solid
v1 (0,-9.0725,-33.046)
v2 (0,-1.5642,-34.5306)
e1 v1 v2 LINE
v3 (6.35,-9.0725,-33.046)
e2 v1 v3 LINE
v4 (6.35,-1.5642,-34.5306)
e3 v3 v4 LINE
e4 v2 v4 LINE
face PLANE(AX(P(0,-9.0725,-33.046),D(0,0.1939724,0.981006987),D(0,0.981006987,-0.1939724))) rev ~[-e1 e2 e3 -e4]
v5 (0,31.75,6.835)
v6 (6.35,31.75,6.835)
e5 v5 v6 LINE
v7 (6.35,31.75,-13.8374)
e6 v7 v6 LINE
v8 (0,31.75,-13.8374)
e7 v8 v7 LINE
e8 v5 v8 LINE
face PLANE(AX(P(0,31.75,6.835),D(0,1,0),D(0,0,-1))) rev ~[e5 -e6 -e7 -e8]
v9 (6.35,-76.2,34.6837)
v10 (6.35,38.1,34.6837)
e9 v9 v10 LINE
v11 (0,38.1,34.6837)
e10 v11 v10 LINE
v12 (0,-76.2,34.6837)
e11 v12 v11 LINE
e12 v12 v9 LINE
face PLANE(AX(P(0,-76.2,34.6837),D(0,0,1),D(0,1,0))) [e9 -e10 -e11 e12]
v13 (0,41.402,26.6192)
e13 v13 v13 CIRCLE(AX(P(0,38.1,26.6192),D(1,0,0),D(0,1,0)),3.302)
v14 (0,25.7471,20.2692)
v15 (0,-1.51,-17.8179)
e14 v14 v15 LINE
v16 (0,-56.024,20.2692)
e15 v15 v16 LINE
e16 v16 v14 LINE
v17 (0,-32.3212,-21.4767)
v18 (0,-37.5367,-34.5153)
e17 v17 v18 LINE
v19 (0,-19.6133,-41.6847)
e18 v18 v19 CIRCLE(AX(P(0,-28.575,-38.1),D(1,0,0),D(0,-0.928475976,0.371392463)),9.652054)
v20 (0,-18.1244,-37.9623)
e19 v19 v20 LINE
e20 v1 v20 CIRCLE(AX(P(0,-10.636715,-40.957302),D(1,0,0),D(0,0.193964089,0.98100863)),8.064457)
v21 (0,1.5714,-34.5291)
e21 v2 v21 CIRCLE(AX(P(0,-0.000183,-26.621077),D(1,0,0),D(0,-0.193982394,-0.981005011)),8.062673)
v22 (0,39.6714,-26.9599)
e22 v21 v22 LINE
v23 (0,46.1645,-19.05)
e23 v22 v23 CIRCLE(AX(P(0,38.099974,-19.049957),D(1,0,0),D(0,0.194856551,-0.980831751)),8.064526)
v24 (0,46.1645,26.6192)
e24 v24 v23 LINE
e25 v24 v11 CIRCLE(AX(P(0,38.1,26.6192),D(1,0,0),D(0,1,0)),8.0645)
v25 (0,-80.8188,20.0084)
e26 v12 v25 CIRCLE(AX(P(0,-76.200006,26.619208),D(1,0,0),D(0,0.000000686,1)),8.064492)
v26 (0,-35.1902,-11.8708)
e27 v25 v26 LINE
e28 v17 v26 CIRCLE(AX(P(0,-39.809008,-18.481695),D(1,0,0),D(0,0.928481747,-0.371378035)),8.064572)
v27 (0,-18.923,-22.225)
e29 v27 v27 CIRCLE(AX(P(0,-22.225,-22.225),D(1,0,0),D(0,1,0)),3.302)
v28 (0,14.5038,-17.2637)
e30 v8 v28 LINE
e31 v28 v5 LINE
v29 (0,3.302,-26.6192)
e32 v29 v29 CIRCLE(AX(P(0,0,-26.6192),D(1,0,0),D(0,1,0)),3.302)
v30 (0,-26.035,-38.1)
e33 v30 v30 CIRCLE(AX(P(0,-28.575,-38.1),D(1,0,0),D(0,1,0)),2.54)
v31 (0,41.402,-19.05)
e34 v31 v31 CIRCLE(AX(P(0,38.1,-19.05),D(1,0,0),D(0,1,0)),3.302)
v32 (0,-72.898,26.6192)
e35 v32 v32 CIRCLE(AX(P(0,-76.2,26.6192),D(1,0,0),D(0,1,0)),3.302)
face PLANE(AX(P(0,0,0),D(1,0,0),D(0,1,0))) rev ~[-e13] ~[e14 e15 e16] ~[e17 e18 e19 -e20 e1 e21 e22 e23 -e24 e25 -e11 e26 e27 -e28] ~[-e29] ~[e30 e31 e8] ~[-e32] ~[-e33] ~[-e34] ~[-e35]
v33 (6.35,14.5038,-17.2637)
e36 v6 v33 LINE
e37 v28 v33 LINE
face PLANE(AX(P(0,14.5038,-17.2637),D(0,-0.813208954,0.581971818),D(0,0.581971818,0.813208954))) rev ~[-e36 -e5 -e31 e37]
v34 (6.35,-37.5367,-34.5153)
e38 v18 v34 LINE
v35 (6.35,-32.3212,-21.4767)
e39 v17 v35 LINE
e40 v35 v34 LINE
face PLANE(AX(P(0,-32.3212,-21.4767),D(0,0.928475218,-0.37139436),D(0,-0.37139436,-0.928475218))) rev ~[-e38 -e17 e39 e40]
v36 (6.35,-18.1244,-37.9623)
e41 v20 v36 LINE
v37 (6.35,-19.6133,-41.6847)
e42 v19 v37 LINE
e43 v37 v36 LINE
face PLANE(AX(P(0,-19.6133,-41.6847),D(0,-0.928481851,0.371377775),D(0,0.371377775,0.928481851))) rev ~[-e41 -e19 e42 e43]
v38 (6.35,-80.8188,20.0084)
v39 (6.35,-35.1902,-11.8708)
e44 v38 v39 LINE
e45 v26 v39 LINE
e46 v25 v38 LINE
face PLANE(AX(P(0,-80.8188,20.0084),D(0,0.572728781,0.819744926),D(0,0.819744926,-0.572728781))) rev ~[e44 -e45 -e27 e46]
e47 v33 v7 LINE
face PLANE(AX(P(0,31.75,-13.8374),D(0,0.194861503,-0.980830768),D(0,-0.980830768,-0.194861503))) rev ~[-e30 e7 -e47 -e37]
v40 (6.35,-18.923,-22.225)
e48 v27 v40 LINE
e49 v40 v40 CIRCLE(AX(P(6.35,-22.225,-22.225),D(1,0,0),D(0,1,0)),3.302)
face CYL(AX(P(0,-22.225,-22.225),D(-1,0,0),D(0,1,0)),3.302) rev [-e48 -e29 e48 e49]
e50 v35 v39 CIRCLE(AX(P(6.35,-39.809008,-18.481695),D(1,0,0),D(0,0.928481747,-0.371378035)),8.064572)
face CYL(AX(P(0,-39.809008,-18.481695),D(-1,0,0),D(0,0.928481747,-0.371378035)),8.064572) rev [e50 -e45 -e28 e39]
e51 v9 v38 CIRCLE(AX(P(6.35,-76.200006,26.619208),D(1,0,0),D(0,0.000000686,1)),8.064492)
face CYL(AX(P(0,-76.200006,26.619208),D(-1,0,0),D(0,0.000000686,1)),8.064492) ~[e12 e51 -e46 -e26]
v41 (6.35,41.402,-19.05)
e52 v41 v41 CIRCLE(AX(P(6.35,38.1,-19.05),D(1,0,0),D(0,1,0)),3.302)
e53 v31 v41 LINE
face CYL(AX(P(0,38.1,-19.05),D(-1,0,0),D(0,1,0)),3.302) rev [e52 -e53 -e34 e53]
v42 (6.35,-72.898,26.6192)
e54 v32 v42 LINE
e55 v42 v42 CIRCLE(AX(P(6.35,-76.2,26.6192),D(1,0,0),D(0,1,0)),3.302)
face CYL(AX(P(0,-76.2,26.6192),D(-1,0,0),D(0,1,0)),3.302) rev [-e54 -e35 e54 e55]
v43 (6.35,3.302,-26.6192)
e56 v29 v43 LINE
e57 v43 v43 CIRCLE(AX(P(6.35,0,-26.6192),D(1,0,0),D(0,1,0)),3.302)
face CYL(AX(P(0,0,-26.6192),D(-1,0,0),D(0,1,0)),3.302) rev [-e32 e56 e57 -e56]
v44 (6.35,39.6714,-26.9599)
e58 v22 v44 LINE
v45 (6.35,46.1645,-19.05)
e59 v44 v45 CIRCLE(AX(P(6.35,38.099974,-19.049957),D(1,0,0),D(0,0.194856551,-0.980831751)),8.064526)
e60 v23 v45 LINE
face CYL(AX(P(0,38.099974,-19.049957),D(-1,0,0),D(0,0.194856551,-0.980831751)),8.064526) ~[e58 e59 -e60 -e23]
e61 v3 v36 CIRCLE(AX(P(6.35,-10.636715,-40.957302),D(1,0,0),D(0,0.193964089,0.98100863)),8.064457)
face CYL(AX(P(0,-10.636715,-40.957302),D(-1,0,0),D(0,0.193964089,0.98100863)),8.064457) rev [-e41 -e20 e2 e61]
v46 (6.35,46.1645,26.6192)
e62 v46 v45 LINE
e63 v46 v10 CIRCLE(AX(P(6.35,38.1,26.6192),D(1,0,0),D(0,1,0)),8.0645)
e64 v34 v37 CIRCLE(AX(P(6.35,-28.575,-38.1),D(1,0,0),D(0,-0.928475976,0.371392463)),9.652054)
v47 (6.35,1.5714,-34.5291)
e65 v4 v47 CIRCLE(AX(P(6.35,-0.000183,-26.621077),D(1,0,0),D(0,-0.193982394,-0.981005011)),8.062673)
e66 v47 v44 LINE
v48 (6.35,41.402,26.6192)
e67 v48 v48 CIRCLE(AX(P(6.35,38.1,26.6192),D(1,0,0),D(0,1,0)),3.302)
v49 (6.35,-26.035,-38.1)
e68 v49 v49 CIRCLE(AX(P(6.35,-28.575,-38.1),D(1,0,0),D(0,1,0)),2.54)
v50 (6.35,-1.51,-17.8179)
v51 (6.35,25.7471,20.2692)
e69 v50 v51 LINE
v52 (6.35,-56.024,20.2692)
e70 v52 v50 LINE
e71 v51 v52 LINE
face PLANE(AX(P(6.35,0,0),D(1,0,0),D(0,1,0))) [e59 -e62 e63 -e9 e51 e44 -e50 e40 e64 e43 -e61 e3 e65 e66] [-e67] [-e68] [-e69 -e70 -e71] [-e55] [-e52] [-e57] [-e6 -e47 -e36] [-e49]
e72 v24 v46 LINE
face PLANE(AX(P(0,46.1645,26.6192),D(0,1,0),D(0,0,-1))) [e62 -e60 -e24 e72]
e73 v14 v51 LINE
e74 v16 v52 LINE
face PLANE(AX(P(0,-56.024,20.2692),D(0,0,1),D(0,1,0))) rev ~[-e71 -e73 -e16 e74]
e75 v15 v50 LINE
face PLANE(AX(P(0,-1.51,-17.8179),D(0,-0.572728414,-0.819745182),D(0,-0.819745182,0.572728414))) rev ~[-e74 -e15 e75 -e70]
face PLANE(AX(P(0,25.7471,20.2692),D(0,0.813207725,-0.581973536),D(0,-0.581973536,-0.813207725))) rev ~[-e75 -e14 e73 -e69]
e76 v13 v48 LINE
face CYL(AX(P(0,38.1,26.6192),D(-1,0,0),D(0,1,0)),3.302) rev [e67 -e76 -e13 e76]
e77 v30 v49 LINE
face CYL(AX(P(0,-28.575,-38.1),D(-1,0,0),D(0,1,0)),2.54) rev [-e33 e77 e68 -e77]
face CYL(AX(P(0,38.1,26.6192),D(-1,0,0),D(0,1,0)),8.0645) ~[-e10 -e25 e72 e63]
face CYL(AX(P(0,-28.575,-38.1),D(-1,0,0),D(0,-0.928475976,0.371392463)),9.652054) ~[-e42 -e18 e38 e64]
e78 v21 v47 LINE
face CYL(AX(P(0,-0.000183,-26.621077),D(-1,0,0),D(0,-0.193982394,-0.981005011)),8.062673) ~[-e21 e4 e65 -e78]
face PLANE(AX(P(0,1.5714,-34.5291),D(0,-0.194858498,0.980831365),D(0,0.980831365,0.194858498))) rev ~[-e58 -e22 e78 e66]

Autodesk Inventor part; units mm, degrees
ref_plane "YZ Plane" through (0, 0, 0) normal (1, 0, 0) x (0, 1, 0)
ref_plane "XZ Plane" through (0, 0, 0) normal (0, 1, 0) x (-1, 0, 0)
ref_plane "XY Plane" through (0, 0, 0) normal (0, 0, 1) x (1, 0, 0)
sketch "Sketch1" plane through (0, 0, 0) normal (1, 0, 0) x (0, 1, 0)
  line L0 (-420.7503, 12.7) -> (420.7488, 12.7) construction
  line L1 (420.7488, 12.7) -> (420.7488, -12.7) construction
  line L2 (420.7488, -12.7) -> (-420.7503, -12.7) construction
  line L3 (-420.7503, -12.7) -> (-420.7503, 12.7) construction
  line L4 (0, 0) -> (0, -26.6192) construction
  circle A0 centre (0, -26.6192) radius 3.302
  circle A1 centre (38.1, 26.6192) radius 3.302
  circle A2 centre (-76.2, 26.6192) radius 3.302
  line L5 (38.1, 26.6192) -> (-76.2, 26.6192) construction
  line L6 (0, 0) -> (0, 26.6192) construction
  circle A3 centre (0, -26.6192) radius 15.875 construction
  circle A4 centre (38.1, 26.6192) radius 15.875 construction
  circle A5 centre (-76.2, 26.6192) radius 15.875 construction
  line L7 (0, -26.6192) -> (-76.2, 26.6192) construction
  arc A6 (46.1645, 26.6192) -> (38.1, 34.6837) centre (38.1, 26.6192) ccw
  arc A7 (-76.2, 34.6837) -> (-80.8188, 20.0084) centre (-76.2, 26.6192) ccw
  line L8 (-84.2645, 10.7442) -> (-84.2645, 26.6192) construction
  line L9 (-76.2, 26.6192) -> (-76.2, 0) construction
  line L10 (38.1, 26.6192) -> (38.1, 0) construction
  line L11 (45.486, 0) -> (-84.2645, 0) construction
  line L12 (-84.2645, 0) -> (-420.7503, 0) construction
  line L13 (0, -26.6192) -> (38.1, 26.6192) construction
  line L14 (0, -26.6192) -> (0, -52.0192) construction
  line L15 (13.9446, -26.6192) -> (-16.4809, -26.6192) construction
  circle A8 centre (38.1, -19.05) radius 3.302
  line L16 (38.1, -19.05) -> (38.1, 0) construction
  arc A9 (39.6714, -26.9599) -> (46.1645, -19.05) centre (38.1, -19.05) ccw
  line L17 (1.5714, -34.5291) -> (39.6714, -26.9599)
  arc A10 (-1.5642, -34.5306) -> (1.5714, -34.5291) centre (0, -26.6192) ccw
  line L18 (-76.2, 34.6837) -> (38.1, 34.6837)
  line L19 (-80.8188, 20.0084) -> (-35.1902, -11.8708)
  line L20 (0, -26.6192) -> (-22.225, -22.225) construction
  line L21 (38.1, -19.05) -> (0, -26.6192) construction
  line L22 (46.1645, 26.6192) -> (46.1645, -19.05)
  arc A11 (-32.3212, -21.4767) -> (-35.1902, -11.8708) centre (-39.8089, -18.4817) ccw
  arc A12 (-37.5367, -34.5153) -> (-19.6133, -41.6847) centre (-28.575, -38.1) ccw
  line L23 (-9.0725, -33.046) -> (-1.5642, -34.5306)
  line L24 (-32.3212, -21.4767) -> (-37.5367, -34.5153)
  line L25 (-22.225, -22.225) -> (-28.575, -38.1) construction
  line L26 (-19.6133, -41.6847) -> (-18.1244, -37.9623)
  arc A13 (-9.0725, -33.046) -> (-18.1244, -37.9623) centre (-10.6367, -40.9574) ccw
  circle A14 centre (-22.225, -22.225) radius 3.302
  circle A15 centre (-28.575, -38.1) radius 2.54
  circle A16 centre (-28.575, -38.1) radius 3.302 construction
  point P0 (0, -42.4942)
  dimension "d3" = 31.75
  dimension "d0" = 25.4
  dimension "d1" = 6.604
  dimension "d2" = 13.9192
  dimension "d4" = 38.1
  dimension "d5" = 76.2
  dimension "d10" = 25.4
  dimension "d14" = 6.35
  dimension "d59" = 4.7625
  dimension "d62" = 22.225
  dimension "d63" = 22.225
  dimension "d66" = 38.1
  dimension "d67" = 5.08
  dimension "d68" = 6.35
  dimension "d69" = 6.35
extrude "Extrusion1" add sketch "Sketch1" along normal blind 6.35
sketch "Sketch5" plane through (0, 0, 0) normal (-1, 0, 0) x (0, 0, 1)
  circle A0 centre (-19.05, 38.1) radius 3.302 construction
  circle A1 centre (26.6192, -76.2) radius 3.302 construction
  circle A2 centre (26.6192, 38.1) radius 3.302 construction
  circle A3 centre (-26.6192, 0) radius 3.302 construction
  arc A4 (34.6837, 38.1) -> (26.6192, 46.1645) centre (26.6192, 38.1) ccw construction
  arc A5 (-19.05, 46.1645) -> (-26.9599, 39.6714) centre (-19.05, 38.1) ccw construction
  line L0 (-26.9599, 39.6714) -> (-34.5291, 1.5714) construction
  arc A6 (-34.5291, 1.5714) -> (-34.5306, -1.5642) centre (-26.6192, 0) ccw construction
  arc A7 (20.0084, -80.8188) -> (34.6837, -76.2) centre (26.6192, -76.2) ccw construction
  line L1 (26.6192, 38.1) -> (-26.6192, 0) construction
  circle A8 centre (26.6192, -76.2) radius 3.302 construction
  line L2 (-26.6192, 0) -> (26.6192, -76.2) construction
  circle A9 centre (26.6192, 38.1) radius 3.302 construction
  line L3 (26.6192, -76.2) -> (26.6192, 38.1) construction
  line L4 (26.6192, 38.1) -> (-19.05, 38.1) construction
  circle A10 centre (-26.6192, 0) radius 3.302 construction
  line L5 (-19.05, 38.1) -> (-26.6192, 0) construction
  line L6 (-13.8374, 31.75) -> (-17.2637, 14.5038)
  line L7 (-17.2637, 14.5038) -> (6.835, 31.75)
  line L8 (6.835, 31.75) -> (-13.8374, 31.75)
  line L9 (-3.5012, 31.75) -> (-3.5012, 38.1) construction
  line L10 (-15.5506, 23.1269) -> (-21.7788, 24.3643) construction
  line L11 (-5.2144, 23.1269) -> (-1.5188, 17.963) construction
  line L12 (20.2692, 25.7471) -> (-17.8179, -1.51)
  line L13 (-17.8179, -1.51) -> (20.2692, -56.024)
  line L14 (20.2692, -56.024) -> (20.2692, 25.7471)
  line L15 (-1.5188, 17.963) -> (2.1767, 12.7992) construction
  line L16 (20.2692, -15.1385) -> (26.6192, -15.1385) construction
  line L17 (1.2256, -28.767) -> (-3.9797, -32.4038) construction
  line L18 (26.6192, 46.1645) -> (-19.05, 46.1645) projected
  arc A11 (-11.8708, -35.1902) -> (-21.4767, -32.3212) centre (-18.4817, -39.8089) ccw projected
  line L19 (-11.8708, -35.1902) -> (20.0084, -80.8188) projected
  line L20 (34.6837, -76.2) -> (34.6837, 38.1) projected
  line L21 (-34.5306, -1.5642) -> (-33.046, -9.0725) projected
  arc A12 (-37.9623, -18.1244) -> (-33.046, -9.0725) centre (-40.9574, -10.6367) ccw projected
  line L22 (-37.9623, -18.1244) -> (-41.6847, -19.6133) projected
  arc A13 (-41.6847, -19.6133) -> (-34.5153, -37.5367) centre (-38.1, -28.575) ccw projected
  line L23 (-34.5153, -37.5367) -> (-21.4767, -32.3212) projected
  point P0 (0, 0)
  dimension "d48" = 6.35
extrude "Extrusion2" cut sketch "Sketch5" against normal through all
properties part number "outside carriage plate" material "Aluminum 6061"
